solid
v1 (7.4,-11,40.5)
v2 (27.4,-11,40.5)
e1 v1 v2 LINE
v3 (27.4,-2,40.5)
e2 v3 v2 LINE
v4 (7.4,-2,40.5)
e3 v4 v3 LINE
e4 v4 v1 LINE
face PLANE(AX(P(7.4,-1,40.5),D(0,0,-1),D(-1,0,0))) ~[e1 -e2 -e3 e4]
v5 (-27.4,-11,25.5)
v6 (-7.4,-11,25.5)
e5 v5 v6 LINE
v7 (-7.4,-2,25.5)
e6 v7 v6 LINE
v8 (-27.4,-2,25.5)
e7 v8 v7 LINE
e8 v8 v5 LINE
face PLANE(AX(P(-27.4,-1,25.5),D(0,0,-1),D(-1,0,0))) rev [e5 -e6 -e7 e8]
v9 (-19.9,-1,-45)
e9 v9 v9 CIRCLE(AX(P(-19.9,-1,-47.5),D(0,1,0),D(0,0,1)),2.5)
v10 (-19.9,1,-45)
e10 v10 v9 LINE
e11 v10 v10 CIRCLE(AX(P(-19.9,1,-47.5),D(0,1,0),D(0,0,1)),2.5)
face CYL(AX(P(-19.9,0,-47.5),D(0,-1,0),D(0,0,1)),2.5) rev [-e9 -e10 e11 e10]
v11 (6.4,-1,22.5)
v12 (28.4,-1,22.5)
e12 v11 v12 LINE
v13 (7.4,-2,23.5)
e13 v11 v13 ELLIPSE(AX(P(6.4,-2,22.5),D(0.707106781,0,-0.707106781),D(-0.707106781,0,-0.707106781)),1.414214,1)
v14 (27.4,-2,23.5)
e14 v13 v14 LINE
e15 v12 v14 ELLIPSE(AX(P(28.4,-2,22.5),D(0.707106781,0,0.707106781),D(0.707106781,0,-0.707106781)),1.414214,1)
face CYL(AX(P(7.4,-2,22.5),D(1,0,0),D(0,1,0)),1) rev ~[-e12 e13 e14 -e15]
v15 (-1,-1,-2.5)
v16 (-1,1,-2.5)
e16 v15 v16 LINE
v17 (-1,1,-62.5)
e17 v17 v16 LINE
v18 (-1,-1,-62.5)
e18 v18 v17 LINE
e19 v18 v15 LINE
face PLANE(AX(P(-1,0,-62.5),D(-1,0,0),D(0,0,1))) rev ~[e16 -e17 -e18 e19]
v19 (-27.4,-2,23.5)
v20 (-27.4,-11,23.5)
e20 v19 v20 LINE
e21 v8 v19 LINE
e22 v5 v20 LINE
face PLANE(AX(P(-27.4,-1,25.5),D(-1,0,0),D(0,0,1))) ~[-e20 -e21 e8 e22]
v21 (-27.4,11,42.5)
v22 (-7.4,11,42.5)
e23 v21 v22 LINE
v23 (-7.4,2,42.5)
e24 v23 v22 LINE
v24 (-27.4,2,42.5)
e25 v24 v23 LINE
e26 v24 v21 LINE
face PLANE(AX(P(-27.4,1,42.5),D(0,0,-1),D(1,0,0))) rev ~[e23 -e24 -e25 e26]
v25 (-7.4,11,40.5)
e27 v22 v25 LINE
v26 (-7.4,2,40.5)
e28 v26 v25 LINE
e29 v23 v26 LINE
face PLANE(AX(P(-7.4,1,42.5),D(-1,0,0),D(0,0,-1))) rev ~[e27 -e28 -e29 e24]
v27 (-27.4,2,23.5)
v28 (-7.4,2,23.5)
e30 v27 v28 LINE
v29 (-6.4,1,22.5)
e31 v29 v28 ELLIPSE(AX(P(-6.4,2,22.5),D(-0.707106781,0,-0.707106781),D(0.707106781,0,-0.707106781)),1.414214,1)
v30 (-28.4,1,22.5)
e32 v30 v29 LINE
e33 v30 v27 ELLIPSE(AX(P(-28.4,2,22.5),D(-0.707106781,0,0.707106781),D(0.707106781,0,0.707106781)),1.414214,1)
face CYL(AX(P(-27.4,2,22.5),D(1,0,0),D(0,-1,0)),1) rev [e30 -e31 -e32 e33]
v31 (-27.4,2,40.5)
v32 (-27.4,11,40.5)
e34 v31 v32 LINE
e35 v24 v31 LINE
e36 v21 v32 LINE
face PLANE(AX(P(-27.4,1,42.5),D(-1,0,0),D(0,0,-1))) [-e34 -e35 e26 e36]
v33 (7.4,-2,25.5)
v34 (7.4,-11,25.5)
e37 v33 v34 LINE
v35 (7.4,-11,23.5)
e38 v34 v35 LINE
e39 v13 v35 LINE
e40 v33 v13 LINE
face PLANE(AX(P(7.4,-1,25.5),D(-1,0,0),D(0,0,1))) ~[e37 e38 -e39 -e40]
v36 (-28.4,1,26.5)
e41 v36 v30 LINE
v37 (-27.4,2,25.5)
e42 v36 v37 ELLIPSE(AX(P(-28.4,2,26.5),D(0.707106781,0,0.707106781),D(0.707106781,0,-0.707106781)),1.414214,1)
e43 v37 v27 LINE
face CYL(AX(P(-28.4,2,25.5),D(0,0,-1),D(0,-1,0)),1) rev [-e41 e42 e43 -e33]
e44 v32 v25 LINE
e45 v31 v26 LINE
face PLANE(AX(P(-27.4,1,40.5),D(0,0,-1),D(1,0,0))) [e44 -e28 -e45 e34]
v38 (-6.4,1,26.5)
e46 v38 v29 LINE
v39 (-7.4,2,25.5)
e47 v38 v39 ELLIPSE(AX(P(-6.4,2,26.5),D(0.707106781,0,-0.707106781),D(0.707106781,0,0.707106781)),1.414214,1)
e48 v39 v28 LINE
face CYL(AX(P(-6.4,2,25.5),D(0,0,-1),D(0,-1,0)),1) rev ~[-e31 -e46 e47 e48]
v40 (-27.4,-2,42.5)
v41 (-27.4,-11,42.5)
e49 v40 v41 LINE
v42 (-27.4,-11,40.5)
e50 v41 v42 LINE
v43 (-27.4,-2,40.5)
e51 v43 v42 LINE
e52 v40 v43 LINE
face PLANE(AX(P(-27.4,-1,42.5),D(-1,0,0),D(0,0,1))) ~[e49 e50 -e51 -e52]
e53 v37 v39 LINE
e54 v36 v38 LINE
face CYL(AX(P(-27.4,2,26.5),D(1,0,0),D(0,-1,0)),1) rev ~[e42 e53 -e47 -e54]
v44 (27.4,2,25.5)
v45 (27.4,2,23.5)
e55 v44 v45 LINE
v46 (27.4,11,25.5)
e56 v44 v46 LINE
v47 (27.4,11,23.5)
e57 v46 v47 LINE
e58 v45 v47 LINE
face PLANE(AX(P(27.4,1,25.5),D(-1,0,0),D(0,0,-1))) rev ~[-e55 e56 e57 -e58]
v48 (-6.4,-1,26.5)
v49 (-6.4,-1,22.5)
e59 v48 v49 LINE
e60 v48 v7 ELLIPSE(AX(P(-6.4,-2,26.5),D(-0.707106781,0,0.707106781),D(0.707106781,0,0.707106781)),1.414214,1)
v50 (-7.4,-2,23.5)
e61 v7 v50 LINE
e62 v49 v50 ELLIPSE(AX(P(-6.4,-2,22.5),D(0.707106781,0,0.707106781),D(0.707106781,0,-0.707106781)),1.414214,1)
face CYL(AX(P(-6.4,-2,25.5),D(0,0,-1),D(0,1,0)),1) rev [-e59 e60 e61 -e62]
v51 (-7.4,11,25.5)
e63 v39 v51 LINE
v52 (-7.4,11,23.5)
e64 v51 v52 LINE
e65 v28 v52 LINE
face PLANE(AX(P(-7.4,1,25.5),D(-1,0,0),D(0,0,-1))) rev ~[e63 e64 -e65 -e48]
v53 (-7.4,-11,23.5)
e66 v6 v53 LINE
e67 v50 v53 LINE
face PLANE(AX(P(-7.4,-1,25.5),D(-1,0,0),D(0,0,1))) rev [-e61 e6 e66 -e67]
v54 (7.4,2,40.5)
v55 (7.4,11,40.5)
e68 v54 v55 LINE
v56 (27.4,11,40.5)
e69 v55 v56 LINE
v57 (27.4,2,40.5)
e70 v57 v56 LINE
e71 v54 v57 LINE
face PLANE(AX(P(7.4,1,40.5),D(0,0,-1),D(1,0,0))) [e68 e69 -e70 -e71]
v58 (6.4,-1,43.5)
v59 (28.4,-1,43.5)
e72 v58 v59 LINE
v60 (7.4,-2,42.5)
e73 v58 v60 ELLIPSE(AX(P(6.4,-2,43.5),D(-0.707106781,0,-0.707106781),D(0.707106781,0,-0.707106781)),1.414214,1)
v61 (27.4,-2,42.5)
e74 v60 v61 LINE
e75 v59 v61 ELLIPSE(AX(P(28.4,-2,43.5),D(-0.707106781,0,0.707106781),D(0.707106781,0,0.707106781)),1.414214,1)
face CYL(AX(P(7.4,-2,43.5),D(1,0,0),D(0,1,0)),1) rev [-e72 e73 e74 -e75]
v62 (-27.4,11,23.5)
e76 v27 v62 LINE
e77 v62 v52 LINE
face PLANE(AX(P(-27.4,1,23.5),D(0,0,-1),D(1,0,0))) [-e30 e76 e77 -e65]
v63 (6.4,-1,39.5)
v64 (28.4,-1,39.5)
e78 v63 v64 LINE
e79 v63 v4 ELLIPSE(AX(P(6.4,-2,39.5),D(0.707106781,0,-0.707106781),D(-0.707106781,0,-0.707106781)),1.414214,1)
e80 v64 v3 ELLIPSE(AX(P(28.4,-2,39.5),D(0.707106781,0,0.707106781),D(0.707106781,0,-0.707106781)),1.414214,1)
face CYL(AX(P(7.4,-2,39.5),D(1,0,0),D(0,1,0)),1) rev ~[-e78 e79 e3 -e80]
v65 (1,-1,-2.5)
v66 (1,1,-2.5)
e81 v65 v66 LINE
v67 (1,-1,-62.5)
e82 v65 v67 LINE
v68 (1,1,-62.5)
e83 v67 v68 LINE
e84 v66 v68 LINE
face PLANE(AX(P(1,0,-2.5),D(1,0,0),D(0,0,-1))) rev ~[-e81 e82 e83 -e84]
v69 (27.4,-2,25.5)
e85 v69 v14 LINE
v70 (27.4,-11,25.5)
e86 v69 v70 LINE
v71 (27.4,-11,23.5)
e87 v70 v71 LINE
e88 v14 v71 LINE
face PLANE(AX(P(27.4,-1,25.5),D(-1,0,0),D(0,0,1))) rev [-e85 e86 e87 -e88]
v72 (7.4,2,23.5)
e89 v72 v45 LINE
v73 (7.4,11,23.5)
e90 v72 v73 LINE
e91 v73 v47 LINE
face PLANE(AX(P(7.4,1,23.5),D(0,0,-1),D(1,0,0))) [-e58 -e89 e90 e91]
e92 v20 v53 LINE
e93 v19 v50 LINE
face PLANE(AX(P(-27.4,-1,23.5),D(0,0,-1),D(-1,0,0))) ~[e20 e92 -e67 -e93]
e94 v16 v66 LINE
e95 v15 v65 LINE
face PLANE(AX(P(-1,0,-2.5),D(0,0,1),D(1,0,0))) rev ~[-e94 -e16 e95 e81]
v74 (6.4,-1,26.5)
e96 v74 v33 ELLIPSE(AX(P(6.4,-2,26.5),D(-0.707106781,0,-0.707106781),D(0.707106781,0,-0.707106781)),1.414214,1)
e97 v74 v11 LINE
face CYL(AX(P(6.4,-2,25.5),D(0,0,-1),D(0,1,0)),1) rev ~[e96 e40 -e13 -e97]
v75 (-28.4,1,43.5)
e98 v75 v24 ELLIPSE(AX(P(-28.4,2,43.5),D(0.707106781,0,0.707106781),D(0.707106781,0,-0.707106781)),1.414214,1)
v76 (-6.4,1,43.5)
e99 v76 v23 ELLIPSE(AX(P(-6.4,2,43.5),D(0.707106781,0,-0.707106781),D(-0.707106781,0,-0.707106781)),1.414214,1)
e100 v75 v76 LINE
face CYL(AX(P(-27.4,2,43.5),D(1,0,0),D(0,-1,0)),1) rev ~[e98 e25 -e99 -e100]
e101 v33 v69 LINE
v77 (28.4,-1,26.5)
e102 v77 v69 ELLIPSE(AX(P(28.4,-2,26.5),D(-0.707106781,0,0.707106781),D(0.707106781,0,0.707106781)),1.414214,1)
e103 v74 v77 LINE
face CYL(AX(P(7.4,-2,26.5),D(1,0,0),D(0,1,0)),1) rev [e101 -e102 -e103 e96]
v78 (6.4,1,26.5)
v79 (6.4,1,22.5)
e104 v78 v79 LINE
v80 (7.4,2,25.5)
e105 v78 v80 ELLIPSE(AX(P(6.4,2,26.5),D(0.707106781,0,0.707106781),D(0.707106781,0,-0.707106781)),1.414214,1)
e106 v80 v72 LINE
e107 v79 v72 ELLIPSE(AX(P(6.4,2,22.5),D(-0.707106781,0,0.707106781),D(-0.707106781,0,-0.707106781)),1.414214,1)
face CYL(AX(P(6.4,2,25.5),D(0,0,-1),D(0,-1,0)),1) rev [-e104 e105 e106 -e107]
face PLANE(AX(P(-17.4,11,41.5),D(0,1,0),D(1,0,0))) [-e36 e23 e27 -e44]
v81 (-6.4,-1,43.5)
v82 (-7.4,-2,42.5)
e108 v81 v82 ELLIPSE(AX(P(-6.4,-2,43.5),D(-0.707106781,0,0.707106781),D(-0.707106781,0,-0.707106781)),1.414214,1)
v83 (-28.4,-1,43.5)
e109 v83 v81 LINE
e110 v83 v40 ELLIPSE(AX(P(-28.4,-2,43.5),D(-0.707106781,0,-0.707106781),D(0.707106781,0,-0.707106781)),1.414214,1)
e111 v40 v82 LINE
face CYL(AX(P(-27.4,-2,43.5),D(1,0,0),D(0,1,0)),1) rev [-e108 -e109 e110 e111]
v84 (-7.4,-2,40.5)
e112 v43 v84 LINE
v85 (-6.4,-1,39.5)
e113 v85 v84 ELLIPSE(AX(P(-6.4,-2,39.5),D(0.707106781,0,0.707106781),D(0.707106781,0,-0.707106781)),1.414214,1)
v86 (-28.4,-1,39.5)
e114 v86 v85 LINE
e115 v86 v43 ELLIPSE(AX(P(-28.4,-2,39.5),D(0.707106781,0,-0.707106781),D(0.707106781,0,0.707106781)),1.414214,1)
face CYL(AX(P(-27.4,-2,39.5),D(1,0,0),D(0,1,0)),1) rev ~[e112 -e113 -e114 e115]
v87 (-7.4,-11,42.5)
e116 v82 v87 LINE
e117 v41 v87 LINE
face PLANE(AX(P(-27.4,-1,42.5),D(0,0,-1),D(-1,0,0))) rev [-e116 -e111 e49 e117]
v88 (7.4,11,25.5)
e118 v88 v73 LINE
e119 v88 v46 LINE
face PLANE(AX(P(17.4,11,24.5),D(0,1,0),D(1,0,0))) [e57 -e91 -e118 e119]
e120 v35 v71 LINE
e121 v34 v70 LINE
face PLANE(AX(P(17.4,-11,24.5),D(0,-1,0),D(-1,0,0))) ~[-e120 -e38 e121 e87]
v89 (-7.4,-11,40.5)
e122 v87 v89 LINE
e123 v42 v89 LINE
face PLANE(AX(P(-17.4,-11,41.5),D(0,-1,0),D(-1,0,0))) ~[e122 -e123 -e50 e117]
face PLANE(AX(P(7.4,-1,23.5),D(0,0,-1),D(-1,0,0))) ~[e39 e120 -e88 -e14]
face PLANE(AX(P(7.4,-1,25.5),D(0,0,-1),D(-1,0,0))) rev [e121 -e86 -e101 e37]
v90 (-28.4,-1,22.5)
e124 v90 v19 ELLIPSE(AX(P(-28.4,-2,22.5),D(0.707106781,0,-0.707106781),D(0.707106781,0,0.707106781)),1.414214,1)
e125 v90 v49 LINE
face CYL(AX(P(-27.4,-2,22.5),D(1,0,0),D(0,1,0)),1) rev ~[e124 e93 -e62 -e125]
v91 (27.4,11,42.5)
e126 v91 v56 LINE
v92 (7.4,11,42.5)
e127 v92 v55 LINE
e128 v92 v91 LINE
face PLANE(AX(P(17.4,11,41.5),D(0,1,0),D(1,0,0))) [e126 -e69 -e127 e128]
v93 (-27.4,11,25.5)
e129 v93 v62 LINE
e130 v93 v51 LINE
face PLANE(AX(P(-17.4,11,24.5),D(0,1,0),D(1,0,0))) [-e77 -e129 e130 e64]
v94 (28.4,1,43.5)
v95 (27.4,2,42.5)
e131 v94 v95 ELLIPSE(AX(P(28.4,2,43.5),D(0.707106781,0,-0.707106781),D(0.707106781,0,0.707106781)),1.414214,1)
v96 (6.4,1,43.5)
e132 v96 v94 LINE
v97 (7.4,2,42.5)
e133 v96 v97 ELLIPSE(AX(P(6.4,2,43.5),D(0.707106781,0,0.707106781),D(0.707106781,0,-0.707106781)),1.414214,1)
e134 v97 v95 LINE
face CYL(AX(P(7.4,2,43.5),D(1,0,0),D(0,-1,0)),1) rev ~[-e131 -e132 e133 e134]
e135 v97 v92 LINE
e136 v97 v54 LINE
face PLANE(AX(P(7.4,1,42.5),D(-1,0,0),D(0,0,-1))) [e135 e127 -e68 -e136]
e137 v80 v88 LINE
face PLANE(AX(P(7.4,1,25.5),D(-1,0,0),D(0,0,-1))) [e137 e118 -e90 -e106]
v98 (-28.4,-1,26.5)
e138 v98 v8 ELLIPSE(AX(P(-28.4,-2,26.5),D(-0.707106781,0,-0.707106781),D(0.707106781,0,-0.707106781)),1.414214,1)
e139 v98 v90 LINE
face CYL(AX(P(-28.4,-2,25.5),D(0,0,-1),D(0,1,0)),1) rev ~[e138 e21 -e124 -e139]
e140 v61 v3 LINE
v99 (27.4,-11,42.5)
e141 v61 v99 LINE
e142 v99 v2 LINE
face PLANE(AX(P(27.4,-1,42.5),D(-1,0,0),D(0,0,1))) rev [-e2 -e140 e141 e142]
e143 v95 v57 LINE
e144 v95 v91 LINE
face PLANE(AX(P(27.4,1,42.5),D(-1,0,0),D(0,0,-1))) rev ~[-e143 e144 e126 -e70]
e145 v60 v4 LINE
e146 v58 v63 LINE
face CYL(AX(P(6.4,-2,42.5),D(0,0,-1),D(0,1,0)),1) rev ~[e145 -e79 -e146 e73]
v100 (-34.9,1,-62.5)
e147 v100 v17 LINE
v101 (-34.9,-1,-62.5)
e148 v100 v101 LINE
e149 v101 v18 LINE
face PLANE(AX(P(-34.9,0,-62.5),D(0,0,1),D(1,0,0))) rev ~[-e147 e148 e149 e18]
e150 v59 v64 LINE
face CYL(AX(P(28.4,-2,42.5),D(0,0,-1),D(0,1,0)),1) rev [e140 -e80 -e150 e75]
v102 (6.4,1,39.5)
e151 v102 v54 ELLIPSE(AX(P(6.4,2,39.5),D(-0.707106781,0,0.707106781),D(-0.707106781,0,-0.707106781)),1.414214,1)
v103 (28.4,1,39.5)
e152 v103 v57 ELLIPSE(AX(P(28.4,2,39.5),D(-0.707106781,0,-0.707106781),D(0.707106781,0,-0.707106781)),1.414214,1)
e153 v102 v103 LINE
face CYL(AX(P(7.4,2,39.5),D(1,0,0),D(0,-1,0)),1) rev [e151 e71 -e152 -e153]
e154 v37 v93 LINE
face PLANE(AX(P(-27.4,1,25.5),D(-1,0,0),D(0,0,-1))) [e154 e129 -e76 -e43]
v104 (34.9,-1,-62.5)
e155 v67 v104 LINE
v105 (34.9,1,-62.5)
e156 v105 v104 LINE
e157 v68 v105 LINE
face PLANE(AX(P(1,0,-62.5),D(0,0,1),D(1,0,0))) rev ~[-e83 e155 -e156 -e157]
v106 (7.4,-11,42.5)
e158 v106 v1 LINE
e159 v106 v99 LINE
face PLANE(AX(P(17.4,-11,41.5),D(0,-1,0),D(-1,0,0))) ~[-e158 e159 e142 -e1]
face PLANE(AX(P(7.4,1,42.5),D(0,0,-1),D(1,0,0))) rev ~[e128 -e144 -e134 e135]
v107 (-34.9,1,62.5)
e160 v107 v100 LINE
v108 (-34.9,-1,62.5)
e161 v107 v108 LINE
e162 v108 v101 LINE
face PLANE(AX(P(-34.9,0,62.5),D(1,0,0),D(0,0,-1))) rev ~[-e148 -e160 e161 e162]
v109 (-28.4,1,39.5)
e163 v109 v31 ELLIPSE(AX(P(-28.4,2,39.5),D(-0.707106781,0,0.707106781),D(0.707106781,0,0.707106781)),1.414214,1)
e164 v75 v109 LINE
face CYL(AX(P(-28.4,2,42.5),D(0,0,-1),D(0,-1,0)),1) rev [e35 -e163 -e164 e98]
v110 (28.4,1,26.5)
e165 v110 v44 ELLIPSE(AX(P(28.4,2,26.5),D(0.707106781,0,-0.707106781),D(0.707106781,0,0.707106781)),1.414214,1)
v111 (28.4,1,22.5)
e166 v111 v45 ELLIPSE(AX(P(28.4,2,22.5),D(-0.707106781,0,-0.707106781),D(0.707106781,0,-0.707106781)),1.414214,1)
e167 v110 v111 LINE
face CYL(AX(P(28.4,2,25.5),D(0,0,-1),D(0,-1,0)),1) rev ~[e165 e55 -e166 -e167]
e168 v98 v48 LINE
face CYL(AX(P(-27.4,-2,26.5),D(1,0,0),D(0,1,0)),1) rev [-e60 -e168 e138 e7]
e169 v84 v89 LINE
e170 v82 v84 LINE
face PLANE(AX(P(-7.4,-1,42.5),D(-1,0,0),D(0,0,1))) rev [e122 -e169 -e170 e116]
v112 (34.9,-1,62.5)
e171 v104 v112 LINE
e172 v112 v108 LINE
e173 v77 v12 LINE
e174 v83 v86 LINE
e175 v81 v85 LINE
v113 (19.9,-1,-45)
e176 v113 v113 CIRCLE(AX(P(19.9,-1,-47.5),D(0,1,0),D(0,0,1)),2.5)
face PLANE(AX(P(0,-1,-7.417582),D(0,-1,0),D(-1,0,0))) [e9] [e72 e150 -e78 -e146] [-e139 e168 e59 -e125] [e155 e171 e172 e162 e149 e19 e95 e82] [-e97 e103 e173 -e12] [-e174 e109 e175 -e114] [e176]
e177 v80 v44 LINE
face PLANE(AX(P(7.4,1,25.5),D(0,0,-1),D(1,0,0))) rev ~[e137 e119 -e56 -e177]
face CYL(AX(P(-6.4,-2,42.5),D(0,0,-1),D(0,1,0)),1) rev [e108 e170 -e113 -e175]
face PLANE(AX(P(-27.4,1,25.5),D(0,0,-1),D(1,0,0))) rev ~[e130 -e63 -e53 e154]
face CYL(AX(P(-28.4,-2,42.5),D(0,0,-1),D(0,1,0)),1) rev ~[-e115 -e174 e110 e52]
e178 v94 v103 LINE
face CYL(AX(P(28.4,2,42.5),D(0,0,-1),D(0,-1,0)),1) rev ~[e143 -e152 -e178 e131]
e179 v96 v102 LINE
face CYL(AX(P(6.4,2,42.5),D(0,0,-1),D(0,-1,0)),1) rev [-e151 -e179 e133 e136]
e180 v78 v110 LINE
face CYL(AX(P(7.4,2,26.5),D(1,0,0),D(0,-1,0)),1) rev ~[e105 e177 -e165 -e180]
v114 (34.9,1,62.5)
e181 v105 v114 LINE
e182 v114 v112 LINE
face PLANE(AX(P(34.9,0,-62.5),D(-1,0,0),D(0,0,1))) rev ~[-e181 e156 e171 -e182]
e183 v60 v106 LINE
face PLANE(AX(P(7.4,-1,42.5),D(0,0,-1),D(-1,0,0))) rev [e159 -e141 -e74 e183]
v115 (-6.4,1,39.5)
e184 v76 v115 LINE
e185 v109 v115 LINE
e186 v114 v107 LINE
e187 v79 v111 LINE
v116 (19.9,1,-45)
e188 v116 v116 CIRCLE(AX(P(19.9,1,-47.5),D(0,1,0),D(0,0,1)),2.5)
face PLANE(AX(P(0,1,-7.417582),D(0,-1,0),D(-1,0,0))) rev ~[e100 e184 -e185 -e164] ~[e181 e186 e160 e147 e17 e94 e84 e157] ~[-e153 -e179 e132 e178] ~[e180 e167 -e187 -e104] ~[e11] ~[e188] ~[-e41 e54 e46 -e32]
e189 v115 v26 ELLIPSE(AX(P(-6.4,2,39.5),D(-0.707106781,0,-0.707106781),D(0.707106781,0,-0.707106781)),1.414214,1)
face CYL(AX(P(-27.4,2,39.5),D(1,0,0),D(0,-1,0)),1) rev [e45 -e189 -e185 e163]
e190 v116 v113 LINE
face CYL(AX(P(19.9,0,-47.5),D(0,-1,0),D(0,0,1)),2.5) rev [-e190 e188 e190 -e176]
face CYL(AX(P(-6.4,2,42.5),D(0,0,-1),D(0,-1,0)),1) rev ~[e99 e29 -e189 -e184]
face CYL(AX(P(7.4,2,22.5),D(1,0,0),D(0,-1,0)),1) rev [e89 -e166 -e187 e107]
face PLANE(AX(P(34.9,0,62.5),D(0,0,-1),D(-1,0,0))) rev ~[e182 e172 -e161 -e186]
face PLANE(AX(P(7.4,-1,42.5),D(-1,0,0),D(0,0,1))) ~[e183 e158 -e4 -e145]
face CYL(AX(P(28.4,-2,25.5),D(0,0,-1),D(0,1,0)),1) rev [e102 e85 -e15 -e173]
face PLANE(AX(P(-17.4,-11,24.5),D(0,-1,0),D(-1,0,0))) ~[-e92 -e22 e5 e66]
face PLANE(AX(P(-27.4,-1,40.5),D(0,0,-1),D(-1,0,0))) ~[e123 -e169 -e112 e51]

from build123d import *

# Parameters (mm, degrees)
SKETCH1_R           = 2.5
BOSS_EXTRUDE1_DEPTH = 1
SKETCH2_W           = 20
SKETCH2_H           = 2
BOSS_EXTRUDE2_DEPTH = 10
FILLET2_R           = 1
FILLET3_R           = 1


with BuildPart() as part:
    # Sketch1 → Boss-Extrude1 (new, symmetric)
    with BuildSketch(Plane(origin=(0, 0, 0), x_dir=(1, 0, 0), z_dir=(0, 1, 0))):
        Polygon((1, 62.5), (34.9, 62.5), (34.9, -62.5), (-34.9, -62.5), (-34.9, 62.5), (-1, 62.5), (-1, 2.5), (1, 2.5), align=None)
        with Locations(Location((-19.9, 47.5, 0), (0, 0, 270))):
            Circle(SKETCH1_R, mode=Mode.SUBTRACT)
        with Locations(Location((19.9, 47.5, 0), (0, 0, 270))):
            Circle(SKETCH1_R, mode=Mode.SUBTRACT)
    extrude(amount=BOSS_EXTRUDE1_DEPTH, both=True)

    # Sketch2 → Boss-Extrude2 (add)
    with BuildSketch(Plane(origin=(0, 1, 0), x_dir=(1, 0, 0), z_dir=(0, 1, 0))):
        with Locations((17.4, -24.5)):
            Rectangle(SKETCH2_W, SKETCH2_H)
        with Locations((17.4, -41.5)):
            Rectangle(SKETCH2_W, SKETCH2_H)
        with Locations((-17.4, -41.5)):
            Rectangle(SKETCH2_W, SKETCH2_H)
        with Locations((-17.4, -24.5)):
            Rectangle(SKETCH2_W, SKETCH2_H)
    boss_extrude2 = extrude(amount=BOSS_EXTRUDE2_DEPTH)

    # Mirror1: Boss-Extrude2 across plane
    add(boss_extrude2.mirror(Plane.ZX))

    # Fillet2
    fillet2_edges = [part.edges().sort_by_distance(p)[0] for p in [
        (7.4, -1, 24.5),
        (17.4, -1, 25.5),
        (27.4, -1, 24.5),
        (17.4, -1, 23.5),
        (7.4, -1, 41.5),
        (17.4, -1, 42.5),
        (27.4, -1, 41.5),
        (17.4, -1, 40.5),
        (-7.4, -1, 41.5),
        (-17.4, -1, 40.5),
        (-27.4, -1, 41.5),
        (-17.4, -1, 42.5),
        (-17.4, -1, 23.5),
        (-27.4, -1, 24.5),
        (-17.4, -1, 25.5),
        (-7.4, -1, 24.5),
    ]]
    fillet(fillet2_edges, radius=FILLET2_R)

    # Fillet3
    fillet3_edges = [part.edges().sort_by_distance(p)[0] for p in [
        (7.4, 1, 24.5),
        (17.4, 1, 25.5),
        (27.4, 1, 24.5),
        (17.4, 1, 23.5),
        (7.4, 1, 41.5),
        (17.4, 1, 42.5),
        (27.4, 1, 41.5),
        (17.4, 1, 40.5),
        (-7.4, 1, 41.5),
        (-17.4, 1, 40.5),
        (-27.4, 1, 41.5),
        (-17.4, 1, 42.5),
        (-17.4, 1, 23.5),
        (-27.4, 1, 24.5),
        (-17.4, 1, 25.5),
        (-7.4, 1, 24.5),
    ]]
    fillet(fillet3_edges, radius=FILLET3_R)


solid = part.part
